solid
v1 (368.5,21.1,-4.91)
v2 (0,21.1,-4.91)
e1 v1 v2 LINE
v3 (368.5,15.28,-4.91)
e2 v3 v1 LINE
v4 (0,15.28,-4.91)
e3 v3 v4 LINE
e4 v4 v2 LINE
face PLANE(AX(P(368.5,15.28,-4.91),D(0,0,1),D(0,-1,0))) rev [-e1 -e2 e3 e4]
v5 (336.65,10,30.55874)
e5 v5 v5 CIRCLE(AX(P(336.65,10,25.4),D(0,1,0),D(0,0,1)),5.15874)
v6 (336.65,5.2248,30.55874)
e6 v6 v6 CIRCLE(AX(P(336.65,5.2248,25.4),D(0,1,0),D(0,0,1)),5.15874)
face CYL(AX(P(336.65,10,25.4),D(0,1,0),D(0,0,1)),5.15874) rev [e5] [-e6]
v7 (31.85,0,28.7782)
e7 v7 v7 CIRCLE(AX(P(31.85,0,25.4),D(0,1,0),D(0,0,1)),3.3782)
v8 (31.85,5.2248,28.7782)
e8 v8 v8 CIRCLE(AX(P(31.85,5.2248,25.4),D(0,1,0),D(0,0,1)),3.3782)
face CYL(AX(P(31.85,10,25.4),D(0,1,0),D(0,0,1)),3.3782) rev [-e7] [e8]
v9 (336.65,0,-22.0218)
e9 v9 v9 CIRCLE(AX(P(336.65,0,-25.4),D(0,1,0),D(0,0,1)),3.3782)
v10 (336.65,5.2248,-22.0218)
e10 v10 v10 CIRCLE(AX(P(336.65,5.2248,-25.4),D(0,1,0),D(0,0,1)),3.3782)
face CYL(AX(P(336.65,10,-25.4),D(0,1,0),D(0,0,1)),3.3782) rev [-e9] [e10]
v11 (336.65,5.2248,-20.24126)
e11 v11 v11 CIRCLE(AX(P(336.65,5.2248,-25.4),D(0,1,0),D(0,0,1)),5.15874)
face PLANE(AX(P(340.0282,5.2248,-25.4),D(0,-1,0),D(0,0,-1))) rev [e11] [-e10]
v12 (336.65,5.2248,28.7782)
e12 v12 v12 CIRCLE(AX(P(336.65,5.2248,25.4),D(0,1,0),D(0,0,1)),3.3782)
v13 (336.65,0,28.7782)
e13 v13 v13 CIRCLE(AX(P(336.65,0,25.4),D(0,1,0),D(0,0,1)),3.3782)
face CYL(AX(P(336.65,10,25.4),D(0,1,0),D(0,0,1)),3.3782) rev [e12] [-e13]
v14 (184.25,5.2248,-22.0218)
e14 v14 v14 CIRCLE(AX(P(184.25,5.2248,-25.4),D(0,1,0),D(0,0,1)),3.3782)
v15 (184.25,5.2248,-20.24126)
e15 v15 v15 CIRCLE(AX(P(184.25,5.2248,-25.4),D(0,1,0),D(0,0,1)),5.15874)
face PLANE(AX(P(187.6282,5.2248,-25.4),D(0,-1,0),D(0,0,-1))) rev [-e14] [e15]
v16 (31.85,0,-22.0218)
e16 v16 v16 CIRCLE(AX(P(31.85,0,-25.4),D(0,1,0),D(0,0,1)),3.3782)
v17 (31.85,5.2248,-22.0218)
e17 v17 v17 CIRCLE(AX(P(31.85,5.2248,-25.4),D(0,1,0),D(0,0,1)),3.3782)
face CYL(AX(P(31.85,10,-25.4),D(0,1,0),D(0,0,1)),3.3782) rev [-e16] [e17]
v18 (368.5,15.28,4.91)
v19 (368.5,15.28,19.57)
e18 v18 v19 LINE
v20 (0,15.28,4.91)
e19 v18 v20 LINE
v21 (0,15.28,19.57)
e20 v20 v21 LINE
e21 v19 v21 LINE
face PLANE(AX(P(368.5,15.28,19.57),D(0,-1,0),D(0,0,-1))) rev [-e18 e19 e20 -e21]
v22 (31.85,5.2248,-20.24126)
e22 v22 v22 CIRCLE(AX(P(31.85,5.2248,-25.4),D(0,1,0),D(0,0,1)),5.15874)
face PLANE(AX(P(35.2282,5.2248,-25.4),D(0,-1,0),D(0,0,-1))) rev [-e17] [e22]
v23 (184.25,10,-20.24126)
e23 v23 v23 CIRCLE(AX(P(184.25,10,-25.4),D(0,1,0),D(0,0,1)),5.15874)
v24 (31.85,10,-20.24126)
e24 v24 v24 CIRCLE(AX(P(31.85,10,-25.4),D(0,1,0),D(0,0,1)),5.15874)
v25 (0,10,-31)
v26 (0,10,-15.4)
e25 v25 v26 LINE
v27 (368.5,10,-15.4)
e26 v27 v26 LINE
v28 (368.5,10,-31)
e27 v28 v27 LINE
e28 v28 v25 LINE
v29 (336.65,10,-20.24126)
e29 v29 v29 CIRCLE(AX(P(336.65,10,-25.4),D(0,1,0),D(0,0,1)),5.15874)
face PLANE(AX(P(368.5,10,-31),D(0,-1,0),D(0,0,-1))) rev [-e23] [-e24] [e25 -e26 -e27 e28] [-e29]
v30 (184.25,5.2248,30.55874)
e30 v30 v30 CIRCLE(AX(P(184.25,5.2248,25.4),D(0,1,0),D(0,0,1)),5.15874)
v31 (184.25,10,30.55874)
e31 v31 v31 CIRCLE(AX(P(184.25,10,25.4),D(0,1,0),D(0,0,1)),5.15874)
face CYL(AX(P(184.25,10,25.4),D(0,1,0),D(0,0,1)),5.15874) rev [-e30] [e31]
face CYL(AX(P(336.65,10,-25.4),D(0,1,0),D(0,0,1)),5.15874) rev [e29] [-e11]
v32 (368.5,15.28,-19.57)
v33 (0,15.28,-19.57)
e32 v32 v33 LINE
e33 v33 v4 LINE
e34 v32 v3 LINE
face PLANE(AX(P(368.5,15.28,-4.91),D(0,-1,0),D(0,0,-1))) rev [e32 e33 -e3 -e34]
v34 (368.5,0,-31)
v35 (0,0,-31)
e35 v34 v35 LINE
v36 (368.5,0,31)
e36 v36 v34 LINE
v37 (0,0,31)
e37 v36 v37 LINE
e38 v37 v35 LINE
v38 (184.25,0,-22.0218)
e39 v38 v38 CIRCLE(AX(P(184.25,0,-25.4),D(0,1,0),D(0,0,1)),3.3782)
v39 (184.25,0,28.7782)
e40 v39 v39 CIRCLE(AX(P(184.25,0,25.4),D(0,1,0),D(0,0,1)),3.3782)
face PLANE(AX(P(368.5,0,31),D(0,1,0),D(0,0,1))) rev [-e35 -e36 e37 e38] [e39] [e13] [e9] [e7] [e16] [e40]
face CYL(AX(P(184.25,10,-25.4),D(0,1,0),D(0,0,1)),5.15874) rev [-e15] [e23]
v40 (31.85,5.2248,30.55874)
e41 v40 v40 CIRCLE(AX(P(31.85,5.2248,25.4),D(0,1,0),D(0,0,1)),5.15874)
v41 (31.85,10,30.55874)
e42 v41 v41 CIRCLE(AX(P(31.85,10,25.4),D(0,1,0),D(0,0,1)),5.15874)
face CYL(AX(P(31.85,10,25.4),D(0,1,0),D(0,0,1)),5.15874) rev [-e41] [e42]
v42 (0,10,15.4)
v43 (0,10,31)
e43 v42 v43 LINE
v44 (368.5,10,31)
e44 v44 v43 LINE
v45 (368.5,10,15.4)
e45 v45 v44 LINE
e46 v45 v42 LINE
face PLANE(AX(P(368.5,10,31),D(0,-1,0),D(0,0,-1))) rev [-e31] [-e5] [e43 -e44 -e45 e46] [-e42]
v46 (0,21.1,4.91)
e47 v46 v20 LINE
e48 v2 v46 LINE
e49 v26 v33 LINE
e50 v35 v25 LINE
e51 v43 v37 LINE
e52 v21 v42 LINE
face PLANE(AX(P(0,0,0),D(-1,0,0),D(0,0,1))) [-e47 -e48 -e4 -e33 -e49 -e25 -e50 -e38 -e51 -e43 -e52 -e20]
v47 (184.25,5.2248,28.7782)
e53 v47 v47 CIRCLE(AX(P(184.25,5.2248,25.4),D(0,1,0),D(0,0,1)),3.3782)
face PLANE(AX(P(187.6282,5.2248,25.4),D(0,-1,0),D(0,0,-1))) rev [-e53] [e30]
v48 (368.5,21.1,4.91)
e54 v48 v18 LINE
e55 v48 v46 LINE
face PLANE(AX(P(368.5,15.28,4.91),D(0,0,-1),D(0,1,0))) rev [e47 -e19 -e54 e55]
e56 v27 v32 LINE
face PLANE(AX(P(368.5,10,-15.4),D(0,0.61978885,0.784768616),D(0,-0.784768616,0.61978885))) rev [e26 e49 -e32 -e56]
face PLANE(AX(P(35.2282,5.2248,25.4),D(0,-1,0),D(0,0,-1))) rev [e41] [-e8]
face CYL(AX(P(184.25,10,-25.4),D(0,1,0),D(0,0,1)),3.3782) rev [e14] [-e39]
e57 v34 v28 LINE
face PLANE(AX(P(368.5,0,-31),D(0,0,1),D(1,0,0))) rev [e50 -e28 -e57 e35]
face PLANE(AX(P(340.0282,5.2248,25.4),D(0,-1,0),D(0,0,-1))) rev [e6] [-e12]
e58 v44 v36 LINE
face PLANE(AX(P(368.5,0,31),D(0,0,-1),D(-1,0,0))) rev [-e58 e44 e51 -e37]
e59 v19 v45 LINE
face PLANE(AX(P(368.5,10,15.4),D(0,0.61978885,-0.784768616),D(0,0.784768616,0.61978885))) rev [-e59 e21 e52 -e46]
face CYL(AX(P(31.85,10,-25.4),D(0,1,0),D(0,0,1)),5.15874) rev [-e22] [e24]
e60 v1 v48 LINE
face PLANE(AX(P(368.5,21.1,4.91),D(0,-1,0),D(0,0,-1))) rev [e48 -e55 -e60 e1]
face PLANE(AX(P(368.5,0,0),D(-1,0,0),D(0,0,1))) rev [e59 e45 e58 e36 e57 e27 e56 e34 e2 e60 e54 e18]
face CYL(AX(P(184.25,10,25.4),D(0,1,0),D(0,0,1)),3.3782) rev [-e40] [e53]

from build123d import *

# Parameters (mm, degrees)
BOSS_EXTRUDE1_DEPTH                              = 368.5
CBORE_FOR_1_4_SOCKET_SHOULDER_SCREW1_D           = 6.7564
CBORE_FOR_1_4_SOCKET_SHOULDER_SCREW1_CBORE_D     = 10.31748
CBORE_FOR_1_4_SOCKET_SHOULDER_SCREW1_CBORE_DEPTH = 4.7752


with BuildPart() as part:
    # Sketch1 → Boss-Extrude1 (new body)
    with BuildSketch(Plane(origin=(0, 0, 0), x_dir=(0, 0, -1), z_dir=(1, 0, 0))):
        Polygon((-31, 0), (31, 0), (31, 10), (15.4, 10), (19.57, 15.28), (4.91, 15.28), (4.91, 21.1), (-4.91, 21.1), (-4.91, 15.28), (-19.57, 15.28), (-15.4, 10), (-31, 10), align=None)
    extrude(amount=BOSS_EXTRUDE1_DEPTH)

    # CBORE for 1/4 Socket Shoulder Screw1 (through all)
    with Locations(Plane(origin=(0, 10, 0), x_dir=(1, 0, 0), z_dir=(0, 1, 0))):
        with Locations((31.85, 25.4), (184.25, 25.4), (336.65, 25.4), (336.65, -25.4), (184.25, -25.4), (31.85, -25.4)):
            CounterBoreHole(CBORE_FOR_1_4_SOCKET_SHOULDER_SCREW1_D / 2, CBORE_FOR_1_4_SOCKET_SHOULDER_SCREW1_CBORE_D / 2, CBORE_FOR_1_4_SOCKET_SHOULDER_SCREW1_CBORE_DEPTH)


solid = part.part
